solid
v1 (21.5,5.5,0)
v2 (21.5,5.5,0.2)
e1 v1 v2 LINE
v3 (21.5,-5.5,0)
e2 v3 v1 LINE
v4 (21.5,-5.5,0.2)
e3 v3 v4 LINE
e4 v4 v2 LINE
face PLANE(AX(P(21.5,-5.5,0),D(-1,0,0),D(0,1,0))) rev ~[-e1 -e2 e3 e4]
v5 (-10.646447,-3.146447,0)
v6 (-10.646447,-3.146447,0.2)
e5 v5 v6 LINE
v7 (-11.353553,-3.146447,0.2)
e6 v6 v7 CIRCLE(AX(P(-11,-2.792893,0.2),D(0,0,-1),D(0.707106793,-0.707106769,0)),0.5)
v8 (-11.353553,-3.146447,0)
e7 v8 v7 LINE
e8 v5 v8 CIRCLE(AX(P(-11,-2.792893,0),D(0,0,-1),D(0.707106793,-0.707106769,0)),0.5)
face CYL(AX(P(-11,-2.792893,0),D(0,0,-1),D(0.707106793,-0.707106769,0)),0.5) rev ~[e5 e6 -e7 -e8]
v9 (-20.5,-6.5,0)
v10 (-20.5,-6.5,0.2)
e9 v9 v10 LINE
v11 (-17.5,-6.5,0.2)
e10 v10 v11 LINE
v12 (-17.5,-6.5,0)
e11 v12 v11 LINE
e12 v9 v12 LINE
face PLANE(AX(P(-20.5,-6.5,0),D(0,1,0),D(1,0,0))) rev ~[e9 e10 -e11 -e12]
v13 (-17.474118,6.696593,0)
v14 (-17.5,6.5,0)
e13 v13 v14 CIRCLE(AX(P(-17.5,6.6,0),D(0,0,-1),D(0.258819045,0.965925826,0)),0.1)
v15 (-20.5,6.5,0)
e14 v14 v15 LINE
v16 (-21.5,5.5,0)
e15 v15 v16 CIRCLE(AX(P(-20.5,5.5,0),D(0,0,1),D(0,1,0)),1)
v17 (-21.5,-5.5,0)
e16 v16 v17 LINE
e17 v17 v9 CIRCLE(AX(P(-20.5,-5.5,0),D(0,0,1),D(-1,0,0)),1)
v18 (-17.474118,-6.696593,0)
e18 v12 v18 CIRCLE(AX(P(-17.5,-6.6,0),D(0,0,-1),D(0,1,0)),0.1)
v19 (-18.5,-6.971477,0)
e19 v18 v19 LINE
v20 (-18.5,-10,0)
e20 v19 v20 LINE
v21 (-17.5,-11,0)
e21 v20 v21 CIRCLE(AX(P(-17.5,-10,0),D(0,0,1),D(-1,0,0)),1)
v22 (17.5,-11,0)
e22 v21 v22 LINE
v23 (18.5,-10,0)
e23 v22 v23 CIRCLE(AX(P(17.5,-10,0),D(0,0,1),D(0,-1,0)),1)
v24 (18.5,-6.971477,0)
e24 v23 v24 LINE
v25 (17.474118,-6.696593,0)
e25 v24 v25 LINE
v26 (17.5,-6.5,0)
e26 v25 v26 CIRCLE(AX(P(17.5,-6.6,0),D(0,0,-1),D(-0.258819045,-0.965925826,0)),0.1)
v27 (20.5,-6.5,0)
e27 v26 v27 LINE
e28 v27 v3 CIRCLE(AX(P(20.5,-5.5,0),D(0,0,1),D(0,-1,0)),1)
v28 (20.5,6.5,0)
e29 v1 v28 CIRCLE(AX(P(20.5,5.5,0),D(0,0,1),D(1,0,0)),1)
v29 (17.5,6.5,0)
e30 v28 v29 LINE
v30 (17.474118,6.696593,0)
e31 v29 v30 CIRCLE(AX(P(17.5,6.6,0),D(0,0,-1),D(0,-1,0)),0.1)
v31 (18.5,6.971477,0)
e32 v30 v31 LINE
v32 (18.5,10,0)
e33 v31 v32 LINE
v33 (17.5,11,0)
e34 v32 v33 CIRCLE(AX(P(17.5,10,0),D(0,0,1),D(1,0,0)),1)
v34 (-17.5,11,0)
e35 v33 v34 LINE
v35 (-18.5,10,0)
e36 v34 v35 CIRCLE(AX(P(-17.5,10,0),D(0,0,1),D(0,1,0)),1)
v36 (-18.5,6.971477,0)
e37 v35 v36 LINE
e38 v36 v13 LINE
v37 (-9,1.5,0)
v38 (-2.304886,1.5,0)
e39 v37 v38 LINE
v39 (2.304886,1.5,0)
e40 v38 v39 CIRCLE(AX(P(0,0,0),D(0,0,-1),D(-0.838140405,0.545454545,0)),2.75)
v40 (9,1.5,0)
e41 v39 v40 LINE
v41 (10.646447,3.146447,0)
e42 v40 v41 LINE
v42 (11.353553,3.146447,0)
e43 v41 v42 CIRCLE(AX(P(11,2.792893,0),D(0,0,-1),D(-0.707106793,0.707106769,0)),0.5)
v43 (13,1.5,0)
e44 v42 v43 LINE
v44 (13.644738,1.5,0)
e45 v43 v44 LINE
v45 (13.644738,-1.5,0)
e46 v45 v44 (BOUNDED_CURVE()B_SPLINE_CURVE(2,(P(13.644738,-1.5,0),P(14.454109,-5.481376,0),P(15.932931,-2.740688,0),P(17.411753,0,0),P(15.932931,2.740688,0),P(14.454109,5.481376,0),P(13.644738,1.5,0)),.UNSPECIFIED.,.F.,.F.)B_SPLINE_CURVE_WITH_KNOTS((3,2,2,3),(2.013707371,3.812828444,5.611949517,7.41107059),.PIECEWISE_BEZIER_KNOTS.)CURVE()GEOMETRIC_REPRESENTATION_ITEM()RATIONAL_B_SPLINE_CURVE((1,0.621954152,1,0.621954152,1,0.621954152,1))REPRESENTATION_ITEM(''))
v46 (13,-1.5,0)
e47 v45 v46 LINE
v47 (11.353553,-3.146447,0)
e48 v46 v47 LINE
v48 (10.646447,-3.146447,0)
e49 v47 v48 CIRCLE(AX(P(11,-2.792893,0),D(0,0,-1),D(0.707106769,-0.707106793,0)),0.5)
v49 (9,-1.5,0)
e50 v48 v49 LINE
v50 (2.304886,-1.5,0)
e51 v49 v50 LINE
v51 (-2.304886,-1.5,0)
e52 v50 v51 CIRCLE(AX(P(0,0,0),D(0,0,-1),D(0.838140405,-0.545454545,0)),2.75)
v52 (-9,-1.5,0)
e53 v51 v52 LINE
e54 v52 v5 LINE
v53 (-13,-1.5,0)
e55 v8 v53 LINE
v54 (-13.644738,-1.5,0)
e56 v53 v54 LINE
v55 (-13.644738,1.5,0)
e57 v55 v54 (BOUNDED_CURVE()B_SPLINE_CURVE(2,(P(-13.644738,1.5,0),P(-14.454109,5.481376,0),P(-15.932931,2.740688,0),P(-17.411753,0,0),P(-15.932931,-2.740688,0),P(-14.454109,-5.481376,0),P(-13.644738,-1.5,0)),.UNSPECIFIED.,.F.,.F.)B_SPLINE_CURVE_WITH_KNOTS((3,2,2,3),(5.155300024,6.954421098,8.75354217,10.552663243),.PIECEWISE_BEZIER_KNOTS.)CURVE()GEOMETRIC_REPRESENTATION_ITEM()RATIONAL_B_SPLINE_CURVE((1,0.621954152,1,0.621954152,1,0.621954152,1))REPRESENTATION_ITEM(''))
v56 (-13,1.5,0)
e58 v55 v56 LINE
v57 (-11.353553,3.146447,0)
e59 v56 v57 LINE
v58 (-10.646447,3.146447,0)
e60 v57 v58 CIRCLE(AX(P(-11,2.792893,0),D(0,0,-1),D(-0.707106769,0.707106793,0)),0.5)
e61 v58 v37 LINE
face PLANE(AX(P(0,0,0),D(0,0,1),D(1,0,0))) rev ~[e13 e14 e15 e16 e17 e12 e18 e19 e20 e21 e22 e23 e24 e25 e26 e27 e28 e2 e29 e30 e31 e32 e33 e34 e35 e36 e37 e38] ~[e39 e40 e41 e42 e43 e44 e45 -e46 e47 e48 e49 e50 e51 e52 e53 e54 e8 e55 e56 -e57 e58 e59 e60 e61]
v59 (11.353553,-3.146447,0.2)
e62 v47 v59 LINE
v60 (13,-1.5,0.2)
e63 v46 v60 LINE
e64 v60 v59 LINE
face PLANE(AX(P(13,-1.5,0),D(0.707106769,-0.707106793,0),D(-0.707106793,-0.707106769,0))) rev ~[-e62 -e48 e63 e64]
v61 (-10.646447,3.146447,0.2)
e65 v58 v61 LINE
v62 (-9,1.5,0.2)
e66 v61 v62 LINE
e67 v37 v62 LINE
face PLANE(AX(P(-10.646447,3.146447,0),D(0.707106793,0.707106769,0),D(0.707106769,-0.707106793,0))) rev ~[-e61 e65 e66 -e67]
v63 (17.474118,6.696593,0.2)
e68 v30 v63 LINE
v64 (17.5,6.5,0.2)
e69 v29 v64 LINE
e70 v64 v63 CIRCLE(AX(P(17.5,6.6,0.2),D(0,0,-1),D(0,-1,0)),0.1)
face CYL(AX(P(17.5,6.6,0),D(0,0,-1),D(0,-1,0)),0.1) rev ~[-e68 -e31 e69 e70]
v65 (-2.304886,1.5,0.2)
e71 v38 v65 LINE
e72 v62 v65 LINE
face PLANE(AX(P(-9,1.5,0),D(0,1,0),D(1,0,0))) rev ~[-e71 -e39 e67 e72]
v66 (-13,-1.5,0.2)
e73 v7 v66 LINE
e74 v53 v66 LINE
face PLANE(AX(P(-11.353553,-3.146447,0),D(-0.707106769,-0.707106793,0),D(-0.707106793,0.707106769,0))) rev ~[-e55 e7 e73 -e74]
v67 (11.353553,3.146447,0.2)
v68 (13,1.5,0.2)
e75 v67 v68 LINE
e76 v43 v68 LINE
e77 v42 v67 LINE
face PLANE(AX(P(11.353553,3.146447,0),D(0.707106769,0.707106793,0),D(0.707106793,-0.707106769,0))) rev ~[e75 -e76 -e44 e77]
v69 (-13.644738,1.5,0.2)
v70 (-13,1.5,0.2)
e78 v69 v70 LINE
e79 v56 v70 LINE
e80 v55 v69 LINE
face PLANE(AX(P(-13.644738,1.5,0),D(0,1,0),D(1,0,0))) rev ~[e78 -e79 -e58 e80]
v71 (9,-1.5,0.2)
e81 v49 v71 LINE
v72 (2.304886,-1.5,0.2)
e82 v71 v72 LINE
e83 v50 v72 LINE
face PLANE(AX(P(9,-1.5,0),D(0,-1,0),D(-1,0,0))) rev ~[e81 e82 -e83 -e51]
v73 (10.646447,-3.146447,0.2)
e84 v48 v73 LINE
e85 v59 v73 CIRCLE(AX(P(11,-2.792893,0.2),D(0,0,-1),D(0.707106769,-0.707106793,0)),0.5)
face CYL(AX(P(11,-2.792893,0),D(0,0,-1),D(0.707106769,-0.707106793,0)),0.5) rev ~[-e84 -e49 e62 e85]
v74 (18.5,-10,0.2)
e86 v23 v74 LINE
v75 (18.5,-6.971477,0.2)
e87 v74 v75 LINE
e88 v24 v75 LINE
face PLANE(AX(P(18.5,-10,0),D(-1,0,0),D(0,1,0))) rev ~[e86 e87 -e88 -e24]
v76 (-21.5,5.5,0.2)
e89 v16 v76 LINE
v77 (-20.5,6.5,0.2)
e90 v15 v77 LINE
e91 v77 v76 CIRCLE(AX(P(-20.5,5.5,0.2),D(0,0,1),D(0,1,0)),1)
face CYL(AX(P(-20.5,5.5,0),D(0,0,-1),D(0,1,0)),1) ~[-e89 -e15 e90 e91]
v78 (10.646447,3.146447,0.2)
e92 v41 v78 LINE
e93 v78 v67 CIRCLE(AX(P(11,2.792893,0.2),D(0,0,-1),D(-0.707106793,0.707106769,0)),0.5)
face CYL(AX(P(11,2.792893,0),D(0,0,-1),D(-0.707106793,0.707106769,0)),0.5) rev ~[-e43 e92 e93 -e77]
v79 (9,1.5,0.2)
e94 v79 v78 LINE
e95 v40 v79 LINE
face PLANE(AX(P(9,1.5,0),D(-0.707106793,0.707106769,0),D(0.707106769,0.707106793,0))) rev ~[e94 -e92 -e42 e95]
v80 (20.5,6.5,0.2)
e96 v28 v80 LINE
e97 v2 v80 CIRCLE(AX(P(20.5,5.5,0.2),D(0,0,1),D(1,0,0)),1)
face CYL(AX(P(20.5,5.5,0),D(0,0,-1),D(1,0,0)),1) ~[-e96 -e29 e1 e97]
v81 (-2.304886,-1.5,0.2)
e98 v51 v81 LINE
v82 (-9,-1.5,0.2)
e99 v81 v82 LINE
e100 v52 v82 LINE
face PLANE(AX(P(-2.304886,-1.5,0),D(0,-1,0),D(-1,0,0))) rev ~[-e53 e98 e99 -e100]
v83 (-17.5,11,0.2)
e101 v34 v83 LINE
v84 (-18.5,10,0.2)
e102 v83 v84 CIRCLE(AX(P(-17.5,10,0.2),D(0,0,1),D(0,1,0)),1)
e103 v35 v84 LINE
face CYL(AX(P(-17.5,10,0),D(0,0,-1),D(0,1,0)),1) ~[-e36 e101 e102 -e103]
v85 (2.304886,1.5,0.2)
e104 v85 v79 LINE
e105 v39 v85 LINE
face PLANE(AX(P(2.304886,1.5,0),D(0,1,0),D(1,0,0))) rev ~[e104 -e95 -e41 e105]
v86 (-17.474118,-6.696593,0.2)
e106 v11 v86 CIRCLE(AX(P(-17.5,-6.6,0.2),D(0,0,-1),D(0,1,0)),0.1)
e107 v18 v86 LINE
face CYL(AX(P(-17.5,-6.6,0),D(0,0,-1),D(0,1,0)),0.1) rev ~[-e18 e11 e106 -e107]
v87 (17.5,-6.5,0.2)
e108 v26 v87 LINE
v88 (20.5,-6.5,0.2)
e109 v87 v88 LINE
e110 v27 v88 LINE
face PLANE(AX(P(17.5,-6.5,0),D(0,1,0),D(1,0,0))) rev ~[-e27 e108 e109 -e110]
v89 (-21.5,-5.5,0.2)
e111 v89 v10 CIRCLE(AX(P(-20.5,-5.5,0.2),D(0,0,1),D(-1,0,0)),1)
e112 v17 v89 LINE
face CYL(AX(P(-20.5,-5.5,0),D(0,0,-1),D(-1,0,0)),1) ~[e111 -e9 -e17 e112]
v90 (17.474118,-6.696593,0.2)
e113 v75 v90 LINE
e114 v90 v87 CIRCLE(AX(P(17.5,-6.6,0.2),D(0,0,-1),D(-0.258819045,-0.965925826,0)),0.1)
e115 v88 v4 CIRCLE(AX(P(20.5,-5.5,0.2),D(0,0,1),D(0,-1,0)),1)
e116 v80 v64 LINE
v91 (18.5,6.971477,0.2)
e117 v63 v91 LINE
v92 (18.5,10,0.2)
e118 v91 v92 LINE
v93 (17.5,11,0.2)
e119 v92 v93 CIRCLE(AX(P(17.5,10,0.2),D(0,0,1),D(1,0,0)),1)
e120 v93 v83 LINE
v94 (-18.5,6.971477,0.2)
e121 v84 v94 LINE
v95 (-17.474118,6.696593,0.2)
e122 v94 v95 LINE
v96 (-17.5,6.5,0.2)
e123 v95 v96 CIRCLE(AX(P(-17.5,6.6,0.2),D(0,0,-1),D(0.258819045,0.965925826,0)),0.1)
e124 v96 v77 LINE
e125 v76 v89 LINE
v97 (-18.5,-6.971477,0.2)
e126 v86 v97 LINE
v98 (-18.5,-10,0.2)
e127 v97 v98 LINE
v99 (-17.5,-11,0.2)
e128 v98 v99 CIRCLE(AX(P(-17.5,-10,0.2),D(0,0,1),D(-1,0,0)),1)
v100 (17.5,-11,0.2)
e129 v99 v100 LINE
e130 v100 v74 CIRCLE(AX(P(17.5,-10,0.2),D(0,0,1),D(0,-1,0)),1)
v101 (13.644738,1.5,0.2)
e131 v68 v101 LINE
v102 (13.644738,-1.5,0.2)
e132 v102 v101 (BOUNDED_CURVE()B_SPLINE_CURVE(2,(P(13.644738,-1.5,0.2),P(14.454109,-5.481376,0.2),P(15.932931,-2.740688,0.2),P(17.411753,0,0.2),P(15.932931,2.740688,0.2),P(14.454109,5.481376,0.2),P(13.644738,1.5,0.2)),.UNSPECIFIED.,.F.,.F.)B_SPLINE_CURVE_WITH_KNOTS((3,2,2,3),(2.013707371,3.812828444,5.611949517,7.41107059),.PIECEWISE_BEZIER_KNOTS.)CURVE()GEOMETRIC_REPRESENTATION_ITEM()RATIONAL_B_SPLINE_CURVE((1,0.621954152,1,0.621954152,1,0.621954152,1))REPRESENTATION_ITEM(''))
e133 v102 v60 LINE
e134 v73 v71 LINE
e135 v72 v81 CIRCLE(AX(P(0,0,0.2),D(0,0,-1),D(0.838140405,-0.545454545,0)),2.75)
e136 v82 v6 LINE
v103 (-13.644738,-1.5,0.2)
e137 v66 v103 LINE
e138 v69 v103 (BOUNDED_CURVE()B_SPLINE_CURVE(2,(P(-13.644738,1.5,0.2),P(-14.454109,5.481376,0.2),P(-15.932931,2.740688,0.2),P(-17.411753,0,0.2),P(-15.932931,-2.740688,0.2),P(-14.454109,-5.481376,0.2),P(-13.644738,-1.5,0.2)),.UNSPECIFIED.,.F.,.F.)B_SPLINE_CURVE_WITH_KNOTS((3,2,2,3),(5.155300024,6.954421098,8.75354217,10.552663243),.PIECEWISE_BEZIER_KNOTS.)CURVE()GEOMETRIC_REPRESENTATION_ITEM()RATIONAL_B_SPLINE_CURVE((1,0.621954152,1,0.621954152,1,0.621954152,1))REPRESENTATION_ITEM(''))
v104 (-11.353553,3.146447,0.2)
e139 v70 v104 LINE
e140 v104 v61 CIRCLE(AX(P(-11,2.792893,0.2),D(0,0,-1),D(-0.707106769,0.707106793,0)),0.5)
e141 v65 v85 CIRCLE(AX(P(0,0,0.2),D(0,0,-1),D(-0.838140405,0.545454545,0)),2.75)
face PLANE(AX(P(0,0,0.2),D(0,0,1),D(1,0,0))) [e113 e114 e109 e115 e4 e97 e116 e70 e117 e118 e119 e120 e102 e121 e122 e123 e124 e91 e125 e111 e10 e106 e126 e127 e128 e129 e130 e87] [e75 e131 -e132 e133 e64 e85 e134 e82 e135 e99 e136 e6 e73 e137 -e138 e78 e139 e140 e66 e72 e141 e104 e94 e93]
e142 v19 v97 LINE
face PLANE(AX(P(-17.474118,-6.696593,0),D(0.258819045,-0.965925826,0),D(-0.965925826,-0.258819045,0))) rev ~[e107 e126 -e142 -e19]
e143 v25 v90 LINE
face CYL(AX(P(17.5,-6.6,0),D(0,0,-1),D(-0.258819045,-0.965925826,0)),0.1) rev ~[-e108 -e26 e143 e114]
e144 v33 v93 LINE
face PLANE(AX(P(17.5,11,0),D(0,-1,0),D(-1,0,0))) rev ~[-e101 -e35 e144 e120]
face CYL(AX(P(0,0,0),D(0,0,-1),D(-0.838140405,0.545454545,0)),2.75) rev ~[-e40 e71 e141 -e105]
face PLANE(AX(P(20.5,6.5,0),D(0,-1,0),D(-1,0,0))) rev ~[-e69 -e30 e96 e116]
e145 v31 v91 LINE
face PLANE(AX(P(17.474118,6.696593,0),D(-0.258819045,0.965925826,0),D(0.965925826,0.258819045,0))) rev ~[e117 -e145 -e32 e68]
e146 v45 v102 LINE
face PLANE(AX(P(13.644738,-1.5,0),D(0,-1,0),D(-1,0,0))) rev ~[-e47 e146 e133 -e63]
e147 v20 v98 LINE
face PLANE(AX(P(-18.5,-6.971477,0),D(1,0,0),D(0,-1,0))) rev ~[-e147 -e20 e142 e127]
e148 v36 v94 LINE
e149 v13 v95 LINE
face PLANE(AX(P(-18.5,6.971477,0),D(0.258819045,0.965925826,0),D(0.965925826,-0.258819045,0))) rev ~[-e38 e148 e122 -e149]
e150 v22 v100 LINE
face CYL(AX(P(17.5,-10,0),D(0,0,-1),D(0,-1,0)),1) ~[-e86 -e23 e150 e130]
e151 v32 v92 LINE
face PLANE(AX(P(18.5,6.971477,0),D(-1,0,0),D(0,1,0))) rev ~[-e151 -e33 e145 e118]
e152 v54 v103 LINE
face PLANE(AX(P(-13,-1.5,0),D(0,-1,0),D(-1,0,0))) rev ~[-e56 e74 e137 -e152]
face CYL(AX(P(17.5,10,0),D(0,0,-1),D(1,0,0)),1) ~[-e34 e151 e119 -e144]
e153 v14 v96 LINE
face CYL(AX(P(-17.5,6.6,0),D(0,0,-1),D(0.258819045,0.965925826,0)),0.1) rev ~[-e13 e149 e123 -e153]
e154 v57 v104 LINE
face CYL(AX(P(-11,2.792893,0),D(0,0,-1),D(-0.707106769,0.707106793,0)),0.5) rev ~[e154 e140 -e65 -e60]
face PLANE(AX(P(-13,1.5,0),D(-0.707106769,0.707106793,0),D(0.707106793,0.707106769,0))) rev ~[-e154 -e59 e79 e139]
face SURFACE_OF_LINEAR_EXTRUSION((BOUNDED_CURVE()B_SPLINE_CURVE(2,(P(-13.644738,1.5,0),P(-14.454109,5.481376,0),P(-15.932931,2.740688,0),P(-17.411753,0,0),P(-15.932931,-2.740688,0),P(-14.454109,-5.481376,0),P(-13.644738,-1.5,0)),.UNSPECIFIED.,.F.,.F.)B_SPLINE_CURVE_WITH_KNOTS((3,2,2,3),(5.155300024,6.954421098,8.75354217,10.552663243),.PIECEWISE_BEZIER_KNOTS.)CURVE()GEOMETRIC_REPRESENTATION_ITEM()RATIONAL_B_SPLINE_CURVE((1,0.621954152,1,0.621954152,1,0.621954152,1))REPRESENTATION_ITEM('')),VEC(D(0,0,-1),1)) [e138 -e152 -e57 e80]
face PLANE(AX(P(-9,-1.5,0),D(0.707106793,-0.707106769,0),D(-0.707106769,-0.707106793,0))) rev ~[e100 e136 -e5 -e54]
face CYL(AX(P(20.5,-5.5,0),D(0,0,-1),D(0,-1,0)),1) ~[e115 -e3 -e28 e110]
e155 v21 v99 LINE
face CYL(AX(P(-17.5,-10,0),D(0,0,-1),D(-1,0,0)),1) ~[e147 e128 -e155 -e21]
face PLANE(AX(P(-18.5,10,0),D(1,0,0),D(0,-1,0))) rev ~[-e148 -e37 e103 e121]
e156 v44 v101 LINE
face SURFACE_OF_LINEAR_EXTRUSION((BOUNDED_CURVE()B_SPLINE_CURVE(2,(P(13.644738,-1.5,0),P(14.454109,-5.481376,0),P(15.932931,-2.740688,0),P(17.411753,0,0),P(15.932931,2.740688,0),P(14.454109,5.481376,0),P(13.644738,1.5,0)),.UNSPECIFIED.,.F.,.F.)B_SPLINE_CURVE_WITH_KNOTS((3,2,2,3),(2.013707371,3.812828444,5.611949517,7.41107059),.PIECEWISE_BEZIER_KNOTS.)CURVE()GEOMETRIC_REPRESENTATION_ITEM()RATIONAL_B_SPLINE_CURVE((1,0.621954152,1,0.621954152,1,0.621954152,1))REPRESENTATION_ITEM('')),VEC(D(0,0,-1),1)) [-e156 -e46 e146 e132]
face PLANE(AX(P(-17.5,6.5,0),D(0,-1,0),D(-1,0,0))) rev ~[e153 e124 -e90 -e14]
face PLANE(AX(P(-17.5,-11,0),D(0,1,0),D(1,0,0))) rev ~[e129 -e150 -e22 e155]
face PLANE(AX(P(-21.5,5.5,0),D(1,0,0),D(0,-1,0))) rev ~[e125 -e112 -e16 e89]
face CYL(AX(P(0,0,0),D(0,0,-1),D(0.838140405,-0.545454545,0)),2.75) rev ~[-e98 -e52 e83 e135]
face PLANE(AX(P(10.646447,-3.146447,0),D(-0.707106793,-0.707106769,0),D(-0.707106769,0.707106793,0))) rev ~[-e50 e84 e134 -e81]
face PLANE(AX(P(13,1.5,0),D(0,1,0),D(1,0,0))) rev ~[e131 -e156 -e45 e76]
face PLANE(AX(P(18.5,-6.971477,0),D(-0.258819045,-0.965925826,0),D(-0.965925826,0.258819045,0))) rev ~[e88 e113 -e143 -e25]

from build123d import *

# Parameters (mm, degrees)
F2_DEPTH = 0.2


with BuildPart() as f2:
    # F1 (on Top) → F2 (new body)
    with BuildSketch(Plane.XY):
        with BuildLine():
            ThreePointArc((18.5, 10), (18.2071067812, 10.7071067812), (17.5, 11))
            Line((17.5, 11), (-17.5, 11))
            ThreePointArc((-17.5, 11), (-18.2071067812, 10.7071067812), (-18.5, 10))
            Line((-18.5, 10), (-18.5, 6.9714768105))
            Line((-18.5, 6.9714768105), (-17.4741180955, 6.6965925826))
            ThreePointArc((-17.4741180955, 6.6965925826), (-17.4008555139, 6.5869473808), (-17.5, 6.5))
            Line((-17.5, 6.5), (-18.5, 6.5))
            Line((-18.5, 6.5), (-20.5, 6.5))
            ThreePointArc((-20.5, 6.5), (-21.2071067812, 6.2071067812), (-21.5, 5.5))
            Line((-21.5, 5.5), (-21.5, -5.5))
            ThreePointArc((-21.5, -5.5), (-21.2071067812, -6.2071067812), (-20.5, -6.5))
            Line((-20.5, -6.5), (-18.5, -6.5))
            Line((-18.5, -6.5), (-17.5, -6.5))
            ThreePointArc((-17.5, -6.5), (-17.4008555139, -6.5869473808), (-17.4741180955, -6.6965925826))
            Line((-17.4741180955, -6.6965925826), (-18.5, -6.9714768105))
            Line((-18.5, -6.9714768105), (-18.5, -10))
            ThreePointArc((-18.5, -10), (-18.2071067812, -10.7071067812), (-17.5, -11))
            Line((-17.5, -11), (17.5, -11))
            ThreePointArc((17.5, -11), (18.2071067812, -10.7071067812), (18.5, -10))
            Line((18.5, -10), (18.5, -6.9714768105))
            Line((18.5, -6.9714768105), (17.4741180955, -6.6965925826))
            ThreePointArc((17.4741180955, -6.6965925826), (17.4008555139, -6.5869473808), (17.5, -6.5))
            Line((17.5, -6.5), (18.5, -6.5))
            Line((18.5, -6.5), (20.5, -6.5))
            ThreePointArc((20.5, -6.5), (21.2071067812, -6.2071067812), (21.5, -5.5))
            Line((21.5, -5.5), (21.5, 5.5))
            ThreePointArc((21.5, 5.5), (21.2071067812, 6.2071067812), (20.5, 6.5))
            Line((20.5, 6.5), (18.5, 6.5))
            Line((18.5, 6.5), (17.5, 6.5))
            ThreePointArc((17.5, 6.5), (17.4008555139, 6.5869473808), (17.4741180955, 6.6965925826))
            Line((17.4741180955, 6.6965925826), (18.5, 6.9714768105))
            Line((18.5, 6.9714768105), (18.5, 10))
        make_face()
        with BuildLine():
            ThreePointArc((-2.3048861143, 1.5), (0, 2.75), (2.3048861143, 1.5))
            Line((2.3048861143, 1.5), (7.9035079029, 1.5))
            Line((7.9035079029, 1.5), (9, 1.5))
            Line((9, 1.5), (10.6464465483, 3.1464466035))
            ThreePointArc((10.6464465483, 3.1464466035), (10.9999999364, 3.2928932188), (11.3535533295, 3.1464466153))
            Line((11.3535533295, 3.1464466153), (13, 1.5))
            Line((13, 1.5), (13.6447381456, 1.5))
            add(Edge.make_bspline(
                [(13.6447381456, -1.5), (14.4541091202, -5.4813756137), (15.9329312277, -2.7406878069), (17.4117533352, 0), (15.9329312277, 2.7406878069), (14.4541091202, 5.4813756137), (13.6447381456, 1.5)],
                knots=[2.0137073709, 2.0137073709, 2.0137073709, 3.8128284439, 3.8128284439, 5.6119495169, 5.6119495169, 7.4110705899, 7.4110705899, 7.4110705899], degree=2, weights=[1, 0.6219541518, 1, 0.6219541518, 1, 0.6219541518, 1]))
            Line((13.6447381456, -1.5), (13, -1.5))
            Line((13, -1.5), (11.3535533295, -3.1464466153))
            ThreePointArc((11.3535533295, -3.1464466153), (10.9999999364, -3.2928932188), (10.6464465483, -3.1464466035))
            Line((10.6464465483, -3.1464466035), (9, -1.5))
            Line((9, -1.5), (7.9035079029, -1.5))
            Line((7.9035079029, -1.5), (2.3048861143, -1.5))
            ThreePointArc((2.3048861143, -1.5), (0, -2.75), (-2.3048861143, -1.5))
            Line((-2.3048861143, -1.5), (-7.9035079029, -1.5))
            Line((-7.9035079029, -1.5), (-9, -1.5))
            Line((-9, -1.5), (-10.6464465483, -3.1464466035))
            ThreePointArc((-10.6464465483, -3.1464466035), (-10.9999999364, -3.2928932188), (-11.3535533295, -3.1464466153))
            Line((-11.3535533295, -3.1464466153), (-13, -1.5))
            Line((-13, -1.5), (-13.6447381456, -1.5))
            add(Edge.make_bspline(
                [(-13.6447381456, 1.5), (-14.4541091202, 5.4813756137), (-15.9329312277, 2.7406878069), (-17.4117533352, 0), (-15.9329312277, -2.7406878069), (-14.4541091202, -5.4813756137), (-13.6447381456, -1.5)],
                knots=[5.1553000245, 5.1553000245, 5.1553000245, 6.9544210975, 6.9544210975, 8.7535421705, 8.7535421705, 10.5526632435, 10.5526632435, 10.5526632435], degree=2, weights=[1, 0.6219541518, 1, 0.6219541518, 1, 0.6219541518, 1]))
            Line((-13.6447381456, 1.5), (-13, 1.5))
            Line((-13, 1.5), (-11.3535533295, 3.1464466153))
            ThreePointArc((-11.3535533295, 3.1464466153), (-10.9999999364, 3.2928932188), (-10.6464465483, 3.1464466035))
            Line((-10.6464465483, 3.1464466035), (-9, 1.5))
            Line((-9, 1.5), (-7.9035079029, 1.5))
            Line((-7.9035079029, 1.5), (-2.3048861143, 1.5))
        make_face(mode=Mode.SUBTRACT)
    extrude(amount=F2_DEPTH)


solid = f2.part
